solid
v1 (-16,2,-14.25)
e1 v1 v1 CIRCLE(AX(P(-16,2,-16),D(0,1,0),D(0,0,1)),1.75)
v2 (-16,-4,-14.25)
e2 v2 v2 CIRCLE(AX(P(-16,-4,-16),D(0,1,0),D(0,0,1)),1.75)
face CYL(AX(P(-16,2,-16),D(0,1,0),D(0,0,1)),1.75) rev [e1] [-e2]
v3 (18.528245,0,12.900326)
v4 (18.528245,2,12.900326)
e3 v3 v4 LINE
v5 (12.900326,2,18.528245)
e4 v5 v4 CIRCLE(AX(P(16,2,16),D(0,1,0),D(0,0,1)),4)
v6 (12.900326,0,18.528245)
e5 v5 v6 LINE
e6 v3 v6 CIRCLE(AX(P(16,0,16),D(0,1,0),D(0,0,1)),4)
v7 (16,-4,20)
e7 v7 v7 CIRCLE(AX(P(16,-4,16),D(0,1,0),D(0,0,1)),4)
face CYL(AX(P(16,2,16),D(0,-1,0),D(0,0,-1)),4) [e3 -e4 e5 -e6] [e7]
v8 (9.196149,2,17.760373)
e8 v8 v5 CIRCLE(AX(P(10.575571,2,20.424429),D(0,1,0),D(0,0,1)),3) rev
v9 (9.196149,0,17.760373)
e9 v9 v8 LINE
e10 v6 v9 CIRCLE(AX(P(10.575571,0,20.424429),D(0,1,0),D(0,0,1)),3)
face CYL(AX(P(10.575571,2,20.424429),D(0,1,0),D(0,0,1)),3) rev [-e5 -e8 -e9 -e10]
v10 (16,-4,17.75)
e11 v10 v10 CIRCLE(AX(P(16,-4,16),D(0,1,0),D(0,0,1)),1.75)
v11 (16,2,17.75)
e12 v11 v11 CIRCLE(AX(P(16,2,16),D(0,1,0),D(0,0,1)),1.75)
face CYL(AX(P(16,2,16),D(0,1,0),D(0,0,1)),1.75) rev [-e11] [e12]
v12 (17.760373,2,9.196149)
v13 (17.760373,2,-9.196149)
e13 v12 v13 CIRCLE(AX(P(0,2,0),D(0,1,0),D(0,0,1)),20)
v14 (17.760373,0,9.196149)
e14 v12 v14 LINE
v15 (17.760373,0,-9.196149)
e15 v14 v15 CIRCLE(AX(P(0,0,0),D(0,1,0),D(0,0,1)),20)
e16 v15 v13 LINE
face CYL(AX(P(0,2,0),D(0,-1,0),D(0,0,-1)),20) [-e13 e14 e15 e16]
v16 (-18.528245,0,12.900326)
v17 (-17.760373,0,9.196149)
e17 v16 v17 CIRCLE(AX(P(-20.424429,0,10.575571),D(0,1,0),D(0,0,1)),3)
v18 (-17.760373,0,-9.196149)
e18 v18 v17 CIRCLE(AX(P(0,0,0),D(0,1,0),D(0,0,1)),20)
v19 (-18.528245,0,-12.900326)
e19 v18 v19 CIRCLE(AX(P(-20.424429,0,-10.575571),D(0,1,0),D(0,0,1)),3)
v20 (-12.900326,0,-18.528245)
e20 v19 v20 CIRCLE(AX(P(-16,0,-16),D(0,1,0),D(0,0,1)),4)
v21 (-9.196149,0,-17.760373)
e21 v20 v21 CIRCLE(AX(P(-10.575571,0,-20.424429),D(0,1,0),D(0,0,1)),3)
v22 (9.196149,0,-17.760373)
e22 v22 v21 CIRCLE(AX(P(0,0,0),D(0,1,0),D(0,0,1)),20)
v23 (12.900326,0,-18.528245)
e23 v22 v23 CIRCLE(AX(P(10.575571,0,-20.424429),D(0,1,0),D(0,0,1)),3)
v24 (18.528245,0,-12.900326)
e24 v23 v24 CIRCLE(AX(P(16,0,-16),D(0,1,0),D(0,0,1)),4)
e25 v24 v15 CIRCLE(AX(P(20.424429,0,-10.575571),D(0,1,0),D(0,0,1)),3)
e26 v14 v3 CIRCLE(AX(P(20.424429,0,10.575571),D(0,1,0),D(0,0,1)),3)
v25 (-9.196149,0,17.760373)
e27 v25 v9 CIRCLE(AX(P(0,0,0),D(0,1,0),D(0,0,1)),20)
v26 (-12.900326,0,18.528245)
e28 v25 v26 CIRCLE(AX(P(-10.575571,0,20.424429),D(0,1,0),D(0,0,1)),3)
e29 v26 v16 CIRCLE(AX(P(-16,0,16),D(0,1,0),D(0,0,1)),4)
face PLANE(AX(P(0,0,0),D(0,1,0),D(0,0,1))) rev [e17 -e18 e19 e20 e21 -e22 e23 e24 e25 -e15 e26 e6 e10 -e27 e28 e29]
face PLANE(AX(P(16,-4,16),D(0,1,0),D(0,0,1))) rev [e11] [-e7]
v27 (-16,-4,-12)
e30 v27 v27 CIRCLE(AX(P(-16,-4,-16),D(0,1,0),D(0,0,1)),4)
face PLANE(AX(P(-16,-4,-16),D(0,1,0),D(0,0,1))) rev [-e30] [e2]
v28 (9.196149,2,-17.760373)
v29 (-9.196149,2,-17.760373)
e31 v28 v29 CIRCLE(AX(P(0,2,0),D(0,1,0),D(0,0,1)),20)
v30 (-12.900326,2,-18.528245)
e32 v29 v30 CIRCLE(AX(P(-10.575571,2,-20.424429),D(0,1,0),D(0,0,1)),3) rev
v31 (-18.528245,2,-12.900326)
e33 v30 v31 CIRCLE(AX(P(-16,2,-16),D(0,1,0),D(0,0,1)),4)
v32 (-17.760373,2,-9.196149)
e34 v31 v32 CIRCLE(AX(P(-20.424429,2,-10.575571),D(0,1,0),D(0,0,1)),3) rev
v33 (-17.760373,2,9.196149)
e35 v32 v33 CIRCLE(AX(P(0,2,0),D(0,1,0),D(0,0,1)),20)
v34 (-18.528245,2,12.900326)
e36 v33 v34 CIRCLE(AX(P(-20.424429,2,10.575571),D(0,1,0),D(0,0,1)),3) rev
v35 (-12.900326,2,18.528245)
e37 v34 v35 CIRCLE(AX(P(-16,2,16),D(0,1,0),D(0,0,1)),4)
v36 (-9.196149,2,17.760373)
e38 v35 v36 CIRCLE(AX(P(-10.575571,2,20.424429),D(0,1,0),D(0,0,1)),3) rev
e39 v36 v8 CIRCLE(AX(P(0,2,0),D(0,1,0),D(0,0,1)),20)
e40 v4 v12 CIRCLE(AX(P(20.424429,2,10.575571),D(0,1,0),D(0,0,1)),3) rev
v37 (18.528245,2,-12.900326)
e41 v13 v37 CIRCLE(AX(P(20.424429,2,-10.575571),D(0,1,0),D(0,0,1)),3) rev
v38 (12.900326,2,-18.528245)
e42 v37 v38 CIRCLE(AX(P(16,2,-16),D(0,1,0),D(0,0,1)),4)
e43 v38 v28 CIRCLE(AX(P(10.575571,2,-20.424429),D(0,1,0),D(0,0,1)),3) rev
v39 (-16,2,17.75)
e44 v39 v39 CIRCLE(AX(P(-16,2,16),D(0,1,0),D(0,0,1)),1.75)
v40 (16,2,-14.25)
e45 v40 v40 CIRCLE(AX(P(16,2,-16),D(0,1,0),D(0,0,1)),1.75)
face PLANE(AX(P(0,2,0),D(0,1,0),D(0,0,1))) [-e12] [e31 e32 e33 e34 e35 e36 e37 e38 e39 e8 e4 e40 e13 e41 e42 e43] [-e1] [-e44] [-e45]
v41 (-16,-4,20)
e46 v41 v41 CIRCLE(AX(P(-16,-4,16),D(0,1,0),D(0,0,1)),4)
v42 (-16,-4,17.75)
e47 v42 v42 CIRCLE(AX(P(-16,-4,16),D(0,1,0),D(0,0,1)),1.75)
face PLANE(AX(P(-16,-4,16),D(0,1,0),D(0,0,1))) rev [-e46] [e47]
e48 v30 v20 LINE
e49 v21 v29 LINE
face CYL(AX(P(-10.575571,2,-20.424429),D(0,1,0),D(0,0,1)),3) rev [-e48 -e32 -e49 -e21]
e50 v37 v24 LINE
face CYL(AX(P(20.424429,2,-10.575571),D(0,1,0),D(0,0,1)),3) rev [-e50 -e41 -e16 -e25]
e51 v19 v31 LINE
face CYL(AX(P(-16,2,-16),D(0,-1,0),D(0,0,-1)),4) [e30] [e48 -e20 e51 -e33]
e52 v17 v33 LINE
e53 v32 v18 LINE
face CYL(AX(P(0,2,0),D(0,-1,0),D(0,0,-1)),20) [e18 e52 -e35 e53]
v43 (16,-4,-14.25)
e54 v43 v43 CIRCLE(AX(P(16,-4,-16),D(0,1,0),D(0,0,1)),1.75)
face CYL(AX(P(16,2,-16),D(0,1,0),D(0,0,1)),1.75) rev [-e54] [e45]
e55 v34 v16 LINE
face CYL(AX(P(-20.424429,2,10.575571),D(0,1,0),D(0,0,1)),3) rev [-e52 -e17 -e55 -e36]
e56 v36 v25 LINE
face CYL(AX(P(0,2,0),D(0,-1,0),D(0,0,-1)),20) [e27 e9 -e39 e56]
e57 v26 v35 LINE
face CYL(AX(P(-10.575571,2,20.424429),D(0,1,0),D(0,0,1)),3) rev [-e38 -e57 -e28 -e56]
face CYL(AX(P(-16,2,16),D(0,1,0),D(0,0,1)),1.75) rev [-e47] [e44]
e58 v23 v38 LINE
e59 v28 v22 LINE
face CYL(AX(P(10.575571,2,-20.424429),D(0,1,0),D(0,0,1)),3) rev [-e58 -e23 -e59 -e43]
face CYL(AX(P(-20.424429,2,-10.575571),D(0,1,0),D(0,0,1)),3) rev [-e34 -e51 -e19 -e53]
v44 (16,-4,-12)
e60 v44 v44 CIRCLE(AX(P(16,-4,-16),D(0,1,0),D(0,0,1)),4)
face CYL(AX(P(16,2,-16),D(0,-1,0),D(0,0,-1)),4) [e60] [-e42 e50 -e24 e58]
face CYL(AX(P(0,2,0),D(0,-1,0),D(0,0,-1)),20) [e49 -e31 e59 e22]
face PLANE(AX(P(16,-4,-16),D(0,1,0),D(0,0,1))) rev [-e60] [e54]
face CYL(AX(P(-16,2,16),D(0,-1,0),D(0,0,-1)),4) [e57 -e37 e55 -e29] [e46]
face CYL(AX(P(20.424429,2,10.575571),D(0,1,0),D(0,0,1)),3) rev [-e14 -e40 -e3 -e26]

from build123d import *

# Parameters (mm, degrees)
BOSS_EXTRUDE1_DEPTH        = 2
FILLET1_R                  = 3
BOSS_EXTRUDE2_START        = -4
SKETCH1_3_R                = 4
BOSS_EXTRUDE2_DEPTH        = 4
F_3_5_3_5_DIAMETER_HOLE1_D = 3.5


with BuildPart() as part:
    # Sketch1 → Boss-Extrude1 (new body)
    with BuildSketch(Plane(origin=(0, 0, 0), x_dir=(1, 0, 0), z_dir=(0, 1, 0))):
        with BuildLine():
            ThreePointArc((16, -12), (20, 0), (16, 12))
            ThreePointArc((16, 12), (18.828427125, 18.828427125), (12, 16))
            ThreePointArc((12, 16), (0, 20), (-12, 16))
            ThreePointArc((-12, 16), (-18.828427125, 18.828427125), (-16, 12))
            ThreePointArc((-16, 12), (-20, 0), (-16, -12))
            ThreePointArc((-16, -12), (-18.828427125, -18.828427125), (-12, -16))
            ThreePointArc((-12, -16), (0, -20), (12, -16))
            ThreePointArc((12, -16), (18.828427125, -18.828427125), (16, -12))
        make_face()
    extrude(amount=BOSS_EXTRUDE1_DEPTH)

    # Fillet1
    fillet1_edges = [part.edges().sort_by_distance(p)[0] for p in [
        (-16, 1, 12),
        (-16, 1, -12),
        (12, 1, -16),
        (16, 1, -12),
        (16, 1, 12),
        (12, 1, 16),
        (-12, 1, 16),
        (-12, 1, -16),
    ]]
    fillet(fillet1_edges, radius=FILLET1_R)

    # Sketch1<3> → Boss-Extrude2 (add)
    with BuildSketch(Plane(origin=(0, 0, 0), x_dir=(1, 0, 0), z_dir=(0, 1, 0)).offset(BOSS_EXTRUDE2_START)):
        with Locations((-16, 16)):
            Circle(SKETCH1_3_R)
        with Locations((16, 16)):
            Circle(SKETCH1_3_R)
        with Locations((16, -16)):
            Circle(SKETCH1_3_R)
        with Locations((-16, -16)):
            Circle(SKETCH1_3_R)
    extrude(amount=BOSS_EXTRUDE2_DEPTH)

    # Ø3.5 (3.5) Diameter Hole1 (through all)
    with Locations(Plane(origin=(0, 2, 0), x_dir=(1, 0, 0), z_dir=(0, 1, 0))):
        with Locations((-16, 16), (16, 16), (16, -16), (-16, -16)):
            Hole(F_3_5_3_5_DIAMETER_HOLE1_D / 2)


solid = part.part
